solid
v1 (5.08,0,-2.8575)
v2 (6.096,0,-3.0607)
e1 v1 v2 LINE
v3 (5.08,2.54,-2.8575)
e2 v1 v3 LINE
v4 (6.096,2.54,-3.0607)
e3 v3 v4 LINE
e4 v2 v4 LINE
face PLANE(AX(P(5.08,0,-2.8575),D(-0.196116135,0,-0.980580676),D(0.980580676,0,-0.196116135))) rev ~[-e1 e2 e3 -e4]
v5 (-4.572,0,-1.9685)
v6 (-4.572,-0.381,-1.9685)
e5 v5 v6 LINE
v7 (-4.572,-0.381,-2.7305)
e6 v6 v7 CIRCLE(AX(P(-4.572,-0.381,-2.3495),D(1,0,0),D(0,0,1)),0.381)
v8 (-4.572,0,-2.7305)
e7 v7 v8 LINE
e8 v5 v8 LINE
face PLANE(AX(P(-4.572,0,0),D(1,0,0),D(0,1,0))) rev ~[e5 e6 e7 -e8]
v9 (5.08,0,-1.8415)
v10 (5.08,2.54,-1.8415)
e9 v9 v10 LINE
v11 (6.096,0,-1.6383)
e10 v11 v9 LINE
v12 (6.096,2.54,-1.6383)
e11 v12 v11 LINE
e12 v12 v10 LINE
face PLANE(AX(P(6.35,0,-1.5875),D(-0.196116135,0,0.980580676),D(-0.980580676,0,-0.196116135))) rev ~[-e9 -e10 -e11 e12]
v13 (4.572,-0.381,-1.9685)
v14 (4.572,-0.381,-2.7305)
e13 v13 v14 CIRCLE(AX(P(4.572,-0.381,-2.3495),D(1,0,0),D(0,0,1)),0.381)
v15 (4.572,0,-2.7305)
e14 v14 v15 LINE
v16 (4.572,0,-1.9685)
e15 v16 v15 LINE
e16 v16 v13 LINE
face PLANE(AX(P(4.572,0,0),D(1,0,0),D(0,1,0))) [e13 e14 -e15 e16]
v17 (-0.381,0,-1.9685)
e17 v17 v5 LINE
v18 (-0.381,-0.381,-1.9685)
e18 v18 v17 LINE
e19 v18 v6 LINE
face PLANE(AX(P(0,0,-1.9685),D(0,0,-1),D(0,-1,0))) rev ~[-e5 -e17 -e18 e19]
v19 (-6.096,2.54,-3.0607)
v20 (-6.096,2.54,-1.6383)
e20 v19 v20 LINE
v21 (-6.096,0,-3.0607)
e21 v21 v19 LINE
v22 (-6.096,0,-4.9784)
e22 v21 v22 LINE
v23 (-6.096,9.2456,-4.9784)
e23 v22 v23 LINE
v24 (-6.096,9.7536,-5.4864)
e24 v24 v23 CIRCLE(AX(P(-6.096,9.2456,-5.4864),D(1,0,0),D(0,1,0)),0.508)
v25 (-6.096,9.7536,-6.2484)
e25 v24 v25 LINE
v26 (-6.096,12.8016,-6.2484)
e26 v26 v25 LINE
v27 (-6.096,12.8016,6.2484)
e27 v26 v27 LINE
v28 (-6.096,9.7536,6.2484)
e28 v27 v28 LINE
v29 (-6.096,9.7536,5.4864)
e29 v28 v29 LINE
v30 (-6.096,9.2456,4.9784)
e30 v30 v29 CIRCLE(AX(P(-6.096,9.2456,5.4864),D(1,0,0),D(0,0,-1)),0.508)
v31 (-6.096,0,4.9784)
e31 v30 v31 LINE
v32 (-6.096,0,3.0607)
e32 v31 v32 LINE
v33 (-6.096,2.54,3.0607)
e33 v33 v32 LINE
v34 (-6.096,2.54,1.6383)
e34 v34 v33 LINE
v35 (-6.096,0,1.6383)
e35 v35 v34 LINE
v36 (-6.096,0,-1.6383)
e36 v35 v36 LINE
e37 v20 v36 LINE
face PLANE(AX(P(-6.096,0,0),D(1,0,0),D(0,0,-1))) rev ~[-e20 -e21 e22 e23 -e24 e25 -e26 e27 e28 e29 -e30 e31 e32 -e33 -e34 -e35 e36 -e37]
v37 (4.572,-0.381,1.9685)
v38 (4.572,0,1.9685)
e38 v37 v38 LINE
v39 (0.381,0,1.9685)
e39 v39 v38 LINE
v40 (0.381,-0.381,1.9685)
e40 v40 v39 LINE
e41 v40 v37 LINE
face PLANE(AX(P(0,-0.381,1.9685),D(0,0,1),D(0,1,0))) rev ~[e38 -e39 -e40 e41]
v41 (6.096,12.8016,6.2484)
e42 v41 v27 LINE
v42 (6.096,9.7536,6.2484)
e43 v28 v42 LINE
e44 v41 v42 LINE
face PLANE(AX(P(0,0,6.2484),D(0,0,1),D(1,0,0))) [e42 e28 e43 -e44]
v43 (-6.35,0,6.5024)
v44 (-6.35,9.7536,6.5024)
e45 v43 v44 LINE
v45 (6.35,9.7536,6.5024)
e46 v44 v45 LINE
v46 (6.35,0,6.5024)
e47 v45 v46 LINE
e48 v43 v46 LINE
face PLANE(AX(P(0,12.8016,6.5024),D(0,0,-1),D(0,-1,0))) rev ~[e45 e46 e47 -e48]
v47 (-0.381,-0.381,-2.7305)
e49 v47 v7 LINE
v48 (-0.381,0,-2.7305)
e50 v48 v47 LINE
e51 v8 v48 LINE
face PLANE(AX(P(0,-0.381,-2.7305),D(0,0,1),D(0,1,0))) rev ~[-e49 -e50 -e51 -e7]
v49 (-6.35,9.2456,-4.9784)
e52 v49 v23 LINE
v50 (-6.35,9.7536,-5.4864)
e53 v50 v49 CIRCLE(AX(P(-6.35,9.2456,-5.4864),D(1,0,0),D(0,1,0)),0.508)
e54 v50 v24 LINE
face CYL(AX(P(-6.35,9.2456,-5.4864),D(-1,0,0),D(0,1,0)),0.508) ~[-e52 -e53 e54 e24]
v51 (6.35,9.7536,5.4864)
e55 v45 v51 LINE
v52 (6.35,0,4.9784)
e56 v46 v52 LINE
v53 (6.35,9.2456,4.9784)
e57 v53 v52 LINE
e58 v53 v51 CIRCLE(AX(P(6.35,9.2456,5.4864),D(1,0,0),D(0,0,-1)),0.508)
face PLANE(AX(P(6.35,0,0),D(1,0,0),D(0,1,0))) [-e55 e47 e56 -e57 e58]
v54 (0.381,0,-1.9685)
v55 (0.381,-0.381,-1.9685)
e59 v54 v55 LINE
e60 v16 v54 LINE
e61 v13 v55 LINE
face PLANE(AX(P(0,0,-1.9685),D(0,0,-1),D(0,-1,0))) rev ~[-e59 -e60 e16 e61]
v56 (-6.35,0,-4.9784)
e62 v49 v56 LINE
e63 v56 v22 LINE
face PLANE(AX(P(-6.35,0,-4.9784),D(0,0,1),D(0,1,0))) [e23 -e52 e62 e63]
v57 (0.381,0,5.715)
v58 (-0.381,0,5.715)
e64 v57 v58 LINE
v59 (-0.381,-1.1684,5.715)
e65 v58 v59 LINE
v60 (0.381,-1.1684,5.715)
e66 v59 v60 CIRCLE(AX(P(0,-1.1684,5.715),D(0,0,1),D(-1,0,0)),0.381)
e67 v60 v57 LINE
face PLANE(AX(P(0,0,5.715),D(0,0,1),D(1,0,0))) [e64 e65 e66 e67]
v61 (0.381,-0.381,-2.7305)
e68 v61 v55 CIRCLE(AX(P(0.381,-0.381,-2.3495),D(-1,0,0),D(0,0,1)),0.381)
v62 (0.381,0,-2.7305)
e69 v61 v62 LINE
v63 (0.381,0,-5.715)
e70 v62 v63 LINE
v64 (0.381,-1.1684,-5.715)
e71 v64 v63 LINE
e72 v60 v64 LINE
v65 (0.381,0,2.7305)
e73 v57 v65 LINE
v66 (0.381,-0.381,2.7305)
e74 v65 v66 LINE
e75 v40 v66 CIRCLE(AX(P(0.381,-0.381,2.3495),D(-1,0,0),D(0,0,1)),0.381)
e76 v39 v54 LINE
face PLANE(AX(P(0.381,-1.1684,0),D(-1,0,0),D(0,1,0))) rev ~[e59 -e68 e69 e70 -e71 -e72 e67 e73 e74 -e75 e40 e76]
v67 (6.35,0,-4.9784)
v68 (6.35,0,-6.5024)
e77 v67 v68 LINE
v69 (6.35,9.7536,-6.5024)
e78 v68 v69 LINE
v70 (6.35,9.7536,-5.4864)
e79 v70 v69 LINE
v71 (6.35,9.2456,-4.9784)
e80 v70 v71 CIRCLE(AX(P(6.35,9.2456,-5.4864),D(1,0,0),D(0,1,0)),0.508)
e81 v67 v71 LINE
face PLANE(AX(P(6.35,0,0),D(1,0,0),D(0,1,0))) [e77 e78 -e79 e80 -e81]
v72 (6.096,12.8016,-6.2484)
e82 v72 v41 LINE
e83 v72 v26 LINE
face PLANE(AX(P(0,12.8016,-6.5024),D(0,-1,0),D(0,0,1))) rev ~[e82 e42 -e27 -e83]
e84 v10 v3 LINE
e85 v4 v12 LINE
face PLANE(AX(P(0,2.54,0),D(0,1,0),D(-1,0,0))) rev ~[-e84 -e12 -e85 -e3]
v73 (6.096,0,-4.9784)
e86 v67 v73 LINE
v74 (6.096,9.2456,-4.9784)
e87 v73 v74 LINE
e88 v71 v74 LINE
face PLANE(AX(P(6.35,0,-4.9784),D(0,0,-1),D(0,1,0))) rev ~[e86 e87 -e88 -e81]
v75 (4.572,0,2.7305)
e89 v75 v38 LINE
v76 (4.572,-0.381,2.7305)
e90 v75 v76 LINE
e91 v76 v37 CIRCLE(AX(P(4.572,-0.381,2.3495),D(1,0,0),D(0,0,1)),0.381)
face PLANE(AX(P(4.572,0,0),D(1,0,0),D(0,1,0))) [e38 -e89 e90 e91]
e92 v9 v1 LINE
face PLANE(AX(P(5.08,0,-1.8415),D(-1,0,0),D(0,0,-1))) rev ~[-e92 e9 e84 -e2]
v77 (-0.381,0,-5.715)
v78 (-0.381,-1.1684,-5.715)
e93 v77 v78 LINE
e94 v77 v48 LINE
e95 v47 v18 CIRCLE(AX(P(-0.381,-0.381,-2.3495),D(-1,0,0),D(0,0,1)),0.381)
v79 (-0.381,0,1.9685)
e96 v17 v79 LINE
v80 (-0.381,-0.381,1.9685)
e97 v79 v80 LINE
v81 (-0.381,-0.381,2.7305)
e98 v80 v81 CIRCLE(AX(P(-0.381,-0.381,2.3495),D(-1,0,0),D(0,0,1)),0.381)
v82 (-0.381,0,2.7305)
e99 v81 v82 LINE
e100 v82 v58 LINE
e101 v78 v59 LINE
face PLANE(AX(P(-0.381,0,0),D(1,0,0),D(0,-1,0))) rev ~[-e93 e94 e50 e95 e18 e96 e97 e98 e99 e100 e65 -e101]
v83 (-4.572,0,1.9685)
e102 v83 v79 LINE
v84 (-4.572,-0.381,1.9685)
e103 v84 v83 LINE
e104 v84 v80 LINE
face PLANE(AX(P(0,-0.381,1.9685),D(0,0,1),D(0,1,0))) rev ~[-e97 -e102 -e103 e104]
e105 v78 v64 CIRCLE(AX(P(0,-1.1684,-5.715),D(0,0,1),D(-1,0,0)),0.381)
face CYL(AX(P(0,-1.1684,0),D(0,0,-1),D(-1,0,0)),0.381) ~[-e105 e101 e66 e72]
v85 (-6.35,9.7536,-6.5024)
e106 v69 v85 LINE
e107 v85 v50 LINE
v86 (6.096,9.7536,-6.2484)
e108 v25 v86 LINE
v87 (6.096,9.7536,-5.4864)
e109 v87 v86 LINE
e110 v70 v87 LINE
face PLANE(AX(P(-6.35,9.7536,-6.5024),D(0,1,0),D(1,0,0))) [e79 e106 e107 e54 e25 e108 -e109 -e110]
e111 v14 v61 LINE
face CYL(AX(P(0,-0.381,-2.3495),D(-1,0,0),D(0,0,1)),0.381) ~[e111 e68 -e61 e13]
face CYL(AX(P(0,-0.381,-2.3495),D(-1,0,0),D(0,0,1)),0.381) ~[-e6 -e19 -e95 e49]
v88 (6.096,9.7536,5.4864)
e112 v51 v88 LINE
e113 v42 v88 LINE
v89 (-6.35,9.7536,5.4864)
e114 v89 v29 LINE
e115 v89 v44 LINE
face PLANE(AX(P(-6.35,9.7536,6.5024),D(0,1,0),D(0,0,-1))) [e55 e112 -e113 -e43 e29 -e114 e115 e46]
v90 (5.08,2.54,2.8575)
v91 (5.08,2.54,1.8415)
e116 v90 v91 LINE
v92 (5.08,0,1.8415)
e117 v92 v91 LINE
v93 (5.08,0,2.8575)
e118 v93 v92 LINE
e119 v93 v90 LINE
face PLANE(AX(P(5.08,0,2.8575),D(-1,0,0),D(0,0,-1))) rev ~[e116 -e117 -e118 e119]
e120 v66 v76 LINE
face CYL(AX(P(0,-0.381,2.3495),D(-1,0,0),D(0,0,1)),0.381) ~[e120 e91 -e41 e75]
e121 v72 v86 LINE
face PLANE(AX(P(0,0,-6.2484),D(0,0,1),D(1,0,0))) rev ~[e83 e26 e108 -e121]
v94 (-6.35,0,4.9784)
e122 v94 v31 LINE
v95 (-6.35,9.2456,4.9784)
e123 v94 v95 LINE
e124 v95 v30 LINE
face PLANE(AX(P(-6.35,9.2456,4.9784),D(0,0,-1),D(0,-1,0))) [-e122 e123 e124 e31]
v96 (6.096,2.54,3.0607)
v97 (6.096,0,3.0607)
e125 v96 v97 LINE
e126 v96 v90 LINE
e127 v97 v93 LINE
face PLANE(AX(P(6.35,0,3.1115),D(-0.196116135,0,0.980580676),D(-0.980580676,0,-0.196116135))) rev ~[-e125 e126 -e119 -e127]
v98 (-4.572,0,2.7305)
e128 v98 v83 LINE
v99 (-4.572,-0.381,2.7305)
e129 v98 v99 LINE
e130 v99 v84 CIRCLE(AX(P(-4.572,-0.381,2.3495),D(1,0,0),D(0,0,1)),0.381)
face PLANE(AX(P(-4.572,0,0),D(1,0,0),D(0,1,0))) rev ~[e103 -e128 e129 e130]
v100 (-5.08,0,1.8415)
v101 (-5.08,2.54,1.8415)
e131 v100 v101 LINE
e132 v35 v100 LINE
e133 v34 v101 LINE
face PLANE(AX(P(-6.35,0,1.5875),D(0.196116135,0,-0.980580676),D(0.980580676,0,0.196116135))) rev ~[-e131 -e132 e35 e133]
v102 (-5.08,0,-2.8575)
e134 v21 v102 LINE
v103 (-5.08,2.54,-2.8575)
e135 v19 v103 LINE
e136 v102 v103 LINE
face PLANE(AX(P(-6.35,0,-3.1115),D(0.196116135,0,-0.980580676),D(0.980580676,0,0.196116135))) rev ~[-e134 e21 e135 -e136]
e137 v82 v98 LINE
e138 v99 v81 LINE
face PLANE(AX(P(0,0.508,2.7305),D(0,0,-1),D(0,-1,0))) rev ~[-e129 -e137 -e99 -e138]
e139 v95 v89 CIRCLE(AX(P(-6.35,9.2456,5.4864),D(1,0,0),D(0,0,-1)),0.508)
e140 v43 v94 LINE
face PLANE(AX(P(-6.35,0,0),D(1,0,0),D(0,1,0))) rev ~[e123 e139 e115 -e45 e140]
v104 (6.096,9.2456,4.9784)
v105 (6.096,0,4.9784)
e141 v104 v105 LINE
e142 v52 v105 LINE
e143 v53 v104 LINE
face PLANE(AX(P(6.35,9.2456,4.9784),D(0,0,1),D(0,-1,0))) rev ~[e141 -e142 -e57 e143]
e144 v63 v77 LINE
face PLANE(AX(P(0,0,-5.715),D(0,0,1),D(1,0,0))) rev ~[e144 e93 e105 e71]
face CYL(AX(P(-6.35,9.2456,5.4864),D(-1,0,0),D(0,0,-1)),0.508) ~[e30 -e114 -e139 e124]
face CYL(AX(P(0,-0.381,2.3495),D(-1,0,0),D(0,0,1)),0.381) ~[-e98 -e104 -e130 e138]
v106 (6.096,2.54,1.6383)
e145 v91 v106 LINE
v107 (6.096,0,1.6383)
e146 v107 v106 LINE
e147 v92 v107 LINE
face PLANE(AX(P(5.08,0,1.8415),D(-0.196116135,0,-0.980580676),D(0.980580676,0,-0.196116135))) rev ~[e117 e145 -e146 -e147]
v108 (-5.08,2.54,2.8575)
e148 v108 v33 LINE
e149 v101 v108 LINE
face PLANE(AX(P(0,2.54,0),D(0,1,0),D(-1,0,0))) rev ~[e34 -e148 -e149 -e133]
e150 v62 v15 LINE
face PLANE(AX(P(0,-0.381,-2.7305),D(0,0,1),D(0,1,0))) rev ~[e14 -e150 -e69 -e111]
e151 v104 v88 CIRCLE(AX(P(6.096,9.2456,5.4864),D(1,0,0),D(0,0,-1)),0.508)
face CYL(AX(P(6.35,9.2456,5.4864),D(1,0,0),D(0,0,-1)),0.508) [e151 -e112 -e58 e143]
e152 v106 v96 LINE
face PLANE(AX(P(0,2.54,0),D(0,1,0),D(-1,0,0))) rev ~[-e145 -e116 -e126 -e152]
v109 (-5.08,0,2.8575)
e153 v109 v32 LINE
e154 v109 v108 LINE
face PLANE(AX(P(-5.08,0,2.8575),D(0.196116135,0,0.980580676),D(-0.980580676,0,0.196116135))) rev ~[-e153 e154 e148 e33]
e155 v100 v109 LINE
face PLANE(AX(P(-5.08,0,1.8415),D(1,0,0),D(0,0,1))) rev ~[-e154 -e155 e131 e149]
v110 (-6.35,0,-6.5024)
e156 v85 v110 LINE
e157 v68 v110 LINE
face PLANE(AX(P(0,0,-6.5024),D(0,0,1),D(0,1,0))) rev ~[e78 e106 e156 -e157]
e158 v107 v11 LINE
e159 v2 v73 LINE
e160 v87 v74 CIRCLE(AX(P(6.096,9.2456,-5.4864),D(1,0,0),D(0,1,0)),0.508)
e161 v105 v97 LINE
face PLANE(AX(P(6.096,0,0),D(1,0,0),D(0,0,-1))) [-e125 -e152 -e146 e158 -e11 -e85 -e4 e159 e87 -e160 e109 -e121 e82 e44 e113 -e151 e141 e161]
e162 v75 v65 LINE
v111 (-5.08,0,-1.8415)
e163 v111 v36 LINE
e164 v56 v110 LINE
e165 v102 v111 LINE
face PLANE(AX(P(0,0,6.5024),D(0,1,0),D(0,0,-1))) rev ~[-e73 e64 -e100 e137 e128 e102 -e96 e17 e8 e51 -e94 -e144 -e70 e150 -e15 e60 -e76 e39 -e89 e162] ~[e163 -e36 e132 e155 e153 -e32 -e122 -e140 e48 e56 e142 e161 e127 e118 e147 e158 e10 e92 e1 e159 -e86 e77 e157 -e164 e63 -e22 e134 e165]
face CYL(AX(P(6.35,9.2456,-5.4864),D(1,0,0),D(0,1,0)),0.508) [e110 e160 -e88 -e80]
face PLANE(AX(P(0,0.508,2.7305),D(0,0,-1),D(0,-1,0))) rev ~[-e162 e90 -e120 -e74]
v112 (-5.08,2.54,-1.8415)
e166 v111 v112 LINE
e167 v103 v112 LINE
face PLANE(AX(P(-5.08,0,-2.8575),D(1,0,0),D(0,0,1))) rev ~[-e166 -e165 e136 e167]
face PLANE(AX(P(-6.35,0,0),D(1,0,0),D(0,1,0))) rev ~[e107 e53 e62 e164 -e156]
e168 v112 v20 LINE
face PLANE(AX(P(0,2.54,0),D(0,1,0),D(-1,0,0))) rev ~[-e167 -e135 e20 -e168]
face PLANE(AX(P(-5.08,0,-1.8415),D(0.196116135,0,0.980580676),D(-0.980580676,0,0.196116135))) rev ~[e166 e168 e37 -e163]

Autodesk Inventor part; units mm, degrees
sketch "Sketch_1" plane through (0, 0, 0) normal (1, 0, 0) x (0, 1, 0)
  line L0 (12.8016, 6.5024) -> (0, 6.5024)
  line L1 (0, 6.5024) -> (0, -6.5024)
  line L2 (0, -6.5024) -> (12.8016, -6.5024)
  line L3 (12.8016, -6.5024) -> (12.8016, 6.5024)
extrude "Extrusion1" add sketch "Sketch_1" along normal mid plane 12.7
sketch "Sketch_5" plane through (6.35, 0, 0) normal (1, 0, 0) x (0, 0, -1)
  line L0 (-6.5024, 9.7536) -> (-5.4864, 9.7536)
  arc A0 (-4.9784, 9.2456) -> (-5.4864, 9.7536) centre (-5.4864, 9.2456) ccw
  line L1 (-4.9784, 9.2456) -> (-4.9784, 0)
  line L2 (-4.9784, 0) -> (4.9784, 0)
  line L3 (4.9784, 0) -> (4.9784, 9.2456)
  arc A1 (5.4864, 9.7536) -> (4.9784, 9.2456) centre (5.4864, 9.2456) ccw
  line L4 (5.4864, 9.7536) -> (6.5024, 9.7536)
  line L5 (6.5024, 9.7536) -> (6.5024, 13.0556)
  line L6 (6.5024, 13.0556) -> (-6.5024, 13.0556)
  line L7 (-6.5024, 13.0556) -> (-6.5024, 9.7536)
extrude "Extrusion2" cut sketch "Sketch_5" against normal blind 0.254
sketch "Sketch_6" plane through (-6.35, 0, 0) normal (1, 0, 0) x (0, 0, -1)
  line L0 (-6.5024, 9.7536) -> (-5.4864, 9.7536)
  arc A0 (-4.9784, 9.2456) -> (-5.4864, 9.7536) centre (-5.4864, 9.2456) ccw
  line L1 (-4.9784, 9.2456) -> (-4.9784, 0)
  line L2 (-4.9784, 0) -> (4.9784, 0)
  line L3 (4.9784, 0) -> (4.9784, 9.2456)
  arc A1 (5.4864, 9.7536) -> (4.9784, 9.2456) centre (5.4864, 9.2456) ccw
  line L4 (5.4864, 9.7536) -> (6.5024, 9.7536)
  line L5 (6.5024, 9.7536) -> (6.5024, 13.0556)
  line L6 (6.5024, 13.0556) -> (-6.5024, 13.0556)
  line L7 (-6.5024, 13.0556) -> (-6.5024, 9.7536)
extrude "Extrusion3" cut sketch "Sketch_6" along normal blind 0.254
sketch "Sketch_7" plane through (0, 0, -6.5024) normal (0, 0, 1) x (1, 0, 0)
  line L0 (-6.35, 9.7536) -> (6.35, 9.7536)
  line L1 (6.35, 9.7536) -> (6.35, 13.0556)
  line L2 (6.35, 13.0556) -> (-6.35, 13.0556)
  line L3 (-6.35, 13.0556) -> (-6.35, 9.7536)
extrude "Extrusion4" cut sketch "Sketch_7" along normal blind 0.254
sketch "Sketch_8" plane through (0, 0, 6.5024) normal (0, 0, 1) x (1, 0, 0)
  line L0 (-6.35, 9.7536) -> (6.35, 9.7536)
  line L1 (6.35, 9.7536) -> (6.35, 13.0556)
  line L2 (6.35, 13.0556) -> (-6.35, 13.0556)
  line L3 (-6.35, 13.0556) -> (-6.35, 9.7536)
extrude "Extrusion5" cut sketch "Sketch_8" against normal blind 0.254
sketch "Sketch_9" plane through (0, 0, 0) normal (0, 1, 0) x (-1, 0, 0)
  line L0 (8.128, 8.2804) -> (-8.128, 8.2804)
  line L1 (-8.128, 8.2804) -> (-8.128, -8.2804)
  line L2 (-8.128, -8.2804) -> (8.128, -8.2804)
  line L3 (8.128, -8.2804) -> (8.128, 8.2804)
  line L4 (6.35, -1.5875) -> (6.35, 1.5875)
  line L5 (6.35, 1.5875) -> (5.08, 1.8415)
  line L6 (5.08, 1.8415) -> (5.08, 2.8575)
  line L7 (5.08, 2.8575) -> (6.35, 3.1115)
  line L8 (6.35, 3.1115) -> (6.35, 6.5024)
  line L9 (6.35, 6.5024) -> (-6.35, 6.5024)
  line L10 (-6.35, 6.5024) -> (-6.35, 3.1115)
  line L11 (-6.35, 3.1115) -> (-5.08, 2.8575)
  line L12 (-5.08, 2.8575) -> (-5.08, 1.8415)
  line L13 (-5.08, 1.8415) -> (-6.35, 1.5875)
  line L14 (-6.35, 1.5875) -> (-6.35, -1.5875)
  line L15 (-6.35, -1.5875) -> (-5.08, -1.8415)
  line L16 (-5.08, -1.8415) -> (-5.08, -2.8575)
  line L17 (-5.08, -2.8575) -> (-6.35, -3.1115)
  line L18 (-6.35, -3.1115) -> (-6.35, -6.5024)
  line L19 (-6.35, -6.5024) -> (6.35, -6.5024)
  line L20 (6.35, -6.5024) -> (6.35, -3.1115)
  line L21 (6.35, -3.1115) -> (5.08, -2.8575)
  line L22 (5.08, -2.8575) -> (5.08, -1.8415)
  line L23 (5.08, -1.8415) -> (6.35, -1.5875)
extrude "Extrusion6" cut sketch "Sketch_9" along normal blind 2.54
sketch "Sketch_10" plane through (0, 0, 0) normal (0, 0, 1) x (1, 0, 0)
  line L0 (-0.381, 0) -> (-0.381, -1.1684)
  arc A0 (-0.381, -1.1684) -> (0.381, -1.1684) centre (0, -1.1684) ccw
  line L1 (0.381, -1.1684) -> (0.381, 0)
  line L2 (0.381, 0) -> (-0.381, 0)
extrude "Extrusion7" add sketch "Sketch_10" along normal mid plane 11.43
sketch "Sketch_11" plane through (0, 0, 0) normal (1, 0, 0) x (0, 1, 0)
  arc A0 (-0.381, 2.7305) -> (-0.381, 1.9685) centre (-0.381, 2.3495) ccw
  line L0 (-0.381, 1.9685) -> (0, 1.9685)
  line L1 (0, 1.9685) -> (0, -1.9685)
  line L2 (0, -1.9685) -> (-0.381, -1.9685)
  arc A1 (-0.381, -1.9685) -> (-0.381, -2.7305) centre (-0.381, -2.3495) ccw
  line L3 (-0.381, -2.7305) -> (0.508, -2.7305)
  line L4 (0.508, -2.7305) -> (0.508, 2.7305)
  line L5 (0.508, 2.7305) -> (-0.381, 2.7305)
extrude "Extrusion8" add sketch "Sketch_11" along normal mid plane 9.144
ref_plane "body_to_body_c_XY" through (0, 12.8016, 0) normal (0, -1, 0) x (1, 0, 0)
ref_plane "body_to_body_c_YZ" through (0, 12.8016, 0) normal (1, 0, 0) x (0, 0, 1)
ref_plane "body_to_body_c_ZX" through (0, 12.8016, 0) normal (0, 0, 1) x (0, -1, 0)
ref_plane "body_to_dummy_XY" through (0, 0, 0) normal (0, -1, 0) x (1, 0, 0)
ref_plane "body_to_dummy_YZ" through (0, 0, 0) normal (1, 0, 0) x (0, 0, 1)
ref_plane "body_to_dummy_ZX" through (0, 0, 0) normal (0, 0, 1) x (0, -1, 0)
ref_plane "body_to_terminal_XY" through (0, 0, 0) normal (0, -1, 0) x (1, 0, 0)
ref_plane "body_to_terminal_YZ" through (0, 0, 0) normal (1, 0, 0) x (0, 0, 1)
ref_plane "body_to_terminal_ZX" through (0, 0, 0) normal (0, 0, 1) x (0, -1, 0)
properties part number "M211LW01-body"
